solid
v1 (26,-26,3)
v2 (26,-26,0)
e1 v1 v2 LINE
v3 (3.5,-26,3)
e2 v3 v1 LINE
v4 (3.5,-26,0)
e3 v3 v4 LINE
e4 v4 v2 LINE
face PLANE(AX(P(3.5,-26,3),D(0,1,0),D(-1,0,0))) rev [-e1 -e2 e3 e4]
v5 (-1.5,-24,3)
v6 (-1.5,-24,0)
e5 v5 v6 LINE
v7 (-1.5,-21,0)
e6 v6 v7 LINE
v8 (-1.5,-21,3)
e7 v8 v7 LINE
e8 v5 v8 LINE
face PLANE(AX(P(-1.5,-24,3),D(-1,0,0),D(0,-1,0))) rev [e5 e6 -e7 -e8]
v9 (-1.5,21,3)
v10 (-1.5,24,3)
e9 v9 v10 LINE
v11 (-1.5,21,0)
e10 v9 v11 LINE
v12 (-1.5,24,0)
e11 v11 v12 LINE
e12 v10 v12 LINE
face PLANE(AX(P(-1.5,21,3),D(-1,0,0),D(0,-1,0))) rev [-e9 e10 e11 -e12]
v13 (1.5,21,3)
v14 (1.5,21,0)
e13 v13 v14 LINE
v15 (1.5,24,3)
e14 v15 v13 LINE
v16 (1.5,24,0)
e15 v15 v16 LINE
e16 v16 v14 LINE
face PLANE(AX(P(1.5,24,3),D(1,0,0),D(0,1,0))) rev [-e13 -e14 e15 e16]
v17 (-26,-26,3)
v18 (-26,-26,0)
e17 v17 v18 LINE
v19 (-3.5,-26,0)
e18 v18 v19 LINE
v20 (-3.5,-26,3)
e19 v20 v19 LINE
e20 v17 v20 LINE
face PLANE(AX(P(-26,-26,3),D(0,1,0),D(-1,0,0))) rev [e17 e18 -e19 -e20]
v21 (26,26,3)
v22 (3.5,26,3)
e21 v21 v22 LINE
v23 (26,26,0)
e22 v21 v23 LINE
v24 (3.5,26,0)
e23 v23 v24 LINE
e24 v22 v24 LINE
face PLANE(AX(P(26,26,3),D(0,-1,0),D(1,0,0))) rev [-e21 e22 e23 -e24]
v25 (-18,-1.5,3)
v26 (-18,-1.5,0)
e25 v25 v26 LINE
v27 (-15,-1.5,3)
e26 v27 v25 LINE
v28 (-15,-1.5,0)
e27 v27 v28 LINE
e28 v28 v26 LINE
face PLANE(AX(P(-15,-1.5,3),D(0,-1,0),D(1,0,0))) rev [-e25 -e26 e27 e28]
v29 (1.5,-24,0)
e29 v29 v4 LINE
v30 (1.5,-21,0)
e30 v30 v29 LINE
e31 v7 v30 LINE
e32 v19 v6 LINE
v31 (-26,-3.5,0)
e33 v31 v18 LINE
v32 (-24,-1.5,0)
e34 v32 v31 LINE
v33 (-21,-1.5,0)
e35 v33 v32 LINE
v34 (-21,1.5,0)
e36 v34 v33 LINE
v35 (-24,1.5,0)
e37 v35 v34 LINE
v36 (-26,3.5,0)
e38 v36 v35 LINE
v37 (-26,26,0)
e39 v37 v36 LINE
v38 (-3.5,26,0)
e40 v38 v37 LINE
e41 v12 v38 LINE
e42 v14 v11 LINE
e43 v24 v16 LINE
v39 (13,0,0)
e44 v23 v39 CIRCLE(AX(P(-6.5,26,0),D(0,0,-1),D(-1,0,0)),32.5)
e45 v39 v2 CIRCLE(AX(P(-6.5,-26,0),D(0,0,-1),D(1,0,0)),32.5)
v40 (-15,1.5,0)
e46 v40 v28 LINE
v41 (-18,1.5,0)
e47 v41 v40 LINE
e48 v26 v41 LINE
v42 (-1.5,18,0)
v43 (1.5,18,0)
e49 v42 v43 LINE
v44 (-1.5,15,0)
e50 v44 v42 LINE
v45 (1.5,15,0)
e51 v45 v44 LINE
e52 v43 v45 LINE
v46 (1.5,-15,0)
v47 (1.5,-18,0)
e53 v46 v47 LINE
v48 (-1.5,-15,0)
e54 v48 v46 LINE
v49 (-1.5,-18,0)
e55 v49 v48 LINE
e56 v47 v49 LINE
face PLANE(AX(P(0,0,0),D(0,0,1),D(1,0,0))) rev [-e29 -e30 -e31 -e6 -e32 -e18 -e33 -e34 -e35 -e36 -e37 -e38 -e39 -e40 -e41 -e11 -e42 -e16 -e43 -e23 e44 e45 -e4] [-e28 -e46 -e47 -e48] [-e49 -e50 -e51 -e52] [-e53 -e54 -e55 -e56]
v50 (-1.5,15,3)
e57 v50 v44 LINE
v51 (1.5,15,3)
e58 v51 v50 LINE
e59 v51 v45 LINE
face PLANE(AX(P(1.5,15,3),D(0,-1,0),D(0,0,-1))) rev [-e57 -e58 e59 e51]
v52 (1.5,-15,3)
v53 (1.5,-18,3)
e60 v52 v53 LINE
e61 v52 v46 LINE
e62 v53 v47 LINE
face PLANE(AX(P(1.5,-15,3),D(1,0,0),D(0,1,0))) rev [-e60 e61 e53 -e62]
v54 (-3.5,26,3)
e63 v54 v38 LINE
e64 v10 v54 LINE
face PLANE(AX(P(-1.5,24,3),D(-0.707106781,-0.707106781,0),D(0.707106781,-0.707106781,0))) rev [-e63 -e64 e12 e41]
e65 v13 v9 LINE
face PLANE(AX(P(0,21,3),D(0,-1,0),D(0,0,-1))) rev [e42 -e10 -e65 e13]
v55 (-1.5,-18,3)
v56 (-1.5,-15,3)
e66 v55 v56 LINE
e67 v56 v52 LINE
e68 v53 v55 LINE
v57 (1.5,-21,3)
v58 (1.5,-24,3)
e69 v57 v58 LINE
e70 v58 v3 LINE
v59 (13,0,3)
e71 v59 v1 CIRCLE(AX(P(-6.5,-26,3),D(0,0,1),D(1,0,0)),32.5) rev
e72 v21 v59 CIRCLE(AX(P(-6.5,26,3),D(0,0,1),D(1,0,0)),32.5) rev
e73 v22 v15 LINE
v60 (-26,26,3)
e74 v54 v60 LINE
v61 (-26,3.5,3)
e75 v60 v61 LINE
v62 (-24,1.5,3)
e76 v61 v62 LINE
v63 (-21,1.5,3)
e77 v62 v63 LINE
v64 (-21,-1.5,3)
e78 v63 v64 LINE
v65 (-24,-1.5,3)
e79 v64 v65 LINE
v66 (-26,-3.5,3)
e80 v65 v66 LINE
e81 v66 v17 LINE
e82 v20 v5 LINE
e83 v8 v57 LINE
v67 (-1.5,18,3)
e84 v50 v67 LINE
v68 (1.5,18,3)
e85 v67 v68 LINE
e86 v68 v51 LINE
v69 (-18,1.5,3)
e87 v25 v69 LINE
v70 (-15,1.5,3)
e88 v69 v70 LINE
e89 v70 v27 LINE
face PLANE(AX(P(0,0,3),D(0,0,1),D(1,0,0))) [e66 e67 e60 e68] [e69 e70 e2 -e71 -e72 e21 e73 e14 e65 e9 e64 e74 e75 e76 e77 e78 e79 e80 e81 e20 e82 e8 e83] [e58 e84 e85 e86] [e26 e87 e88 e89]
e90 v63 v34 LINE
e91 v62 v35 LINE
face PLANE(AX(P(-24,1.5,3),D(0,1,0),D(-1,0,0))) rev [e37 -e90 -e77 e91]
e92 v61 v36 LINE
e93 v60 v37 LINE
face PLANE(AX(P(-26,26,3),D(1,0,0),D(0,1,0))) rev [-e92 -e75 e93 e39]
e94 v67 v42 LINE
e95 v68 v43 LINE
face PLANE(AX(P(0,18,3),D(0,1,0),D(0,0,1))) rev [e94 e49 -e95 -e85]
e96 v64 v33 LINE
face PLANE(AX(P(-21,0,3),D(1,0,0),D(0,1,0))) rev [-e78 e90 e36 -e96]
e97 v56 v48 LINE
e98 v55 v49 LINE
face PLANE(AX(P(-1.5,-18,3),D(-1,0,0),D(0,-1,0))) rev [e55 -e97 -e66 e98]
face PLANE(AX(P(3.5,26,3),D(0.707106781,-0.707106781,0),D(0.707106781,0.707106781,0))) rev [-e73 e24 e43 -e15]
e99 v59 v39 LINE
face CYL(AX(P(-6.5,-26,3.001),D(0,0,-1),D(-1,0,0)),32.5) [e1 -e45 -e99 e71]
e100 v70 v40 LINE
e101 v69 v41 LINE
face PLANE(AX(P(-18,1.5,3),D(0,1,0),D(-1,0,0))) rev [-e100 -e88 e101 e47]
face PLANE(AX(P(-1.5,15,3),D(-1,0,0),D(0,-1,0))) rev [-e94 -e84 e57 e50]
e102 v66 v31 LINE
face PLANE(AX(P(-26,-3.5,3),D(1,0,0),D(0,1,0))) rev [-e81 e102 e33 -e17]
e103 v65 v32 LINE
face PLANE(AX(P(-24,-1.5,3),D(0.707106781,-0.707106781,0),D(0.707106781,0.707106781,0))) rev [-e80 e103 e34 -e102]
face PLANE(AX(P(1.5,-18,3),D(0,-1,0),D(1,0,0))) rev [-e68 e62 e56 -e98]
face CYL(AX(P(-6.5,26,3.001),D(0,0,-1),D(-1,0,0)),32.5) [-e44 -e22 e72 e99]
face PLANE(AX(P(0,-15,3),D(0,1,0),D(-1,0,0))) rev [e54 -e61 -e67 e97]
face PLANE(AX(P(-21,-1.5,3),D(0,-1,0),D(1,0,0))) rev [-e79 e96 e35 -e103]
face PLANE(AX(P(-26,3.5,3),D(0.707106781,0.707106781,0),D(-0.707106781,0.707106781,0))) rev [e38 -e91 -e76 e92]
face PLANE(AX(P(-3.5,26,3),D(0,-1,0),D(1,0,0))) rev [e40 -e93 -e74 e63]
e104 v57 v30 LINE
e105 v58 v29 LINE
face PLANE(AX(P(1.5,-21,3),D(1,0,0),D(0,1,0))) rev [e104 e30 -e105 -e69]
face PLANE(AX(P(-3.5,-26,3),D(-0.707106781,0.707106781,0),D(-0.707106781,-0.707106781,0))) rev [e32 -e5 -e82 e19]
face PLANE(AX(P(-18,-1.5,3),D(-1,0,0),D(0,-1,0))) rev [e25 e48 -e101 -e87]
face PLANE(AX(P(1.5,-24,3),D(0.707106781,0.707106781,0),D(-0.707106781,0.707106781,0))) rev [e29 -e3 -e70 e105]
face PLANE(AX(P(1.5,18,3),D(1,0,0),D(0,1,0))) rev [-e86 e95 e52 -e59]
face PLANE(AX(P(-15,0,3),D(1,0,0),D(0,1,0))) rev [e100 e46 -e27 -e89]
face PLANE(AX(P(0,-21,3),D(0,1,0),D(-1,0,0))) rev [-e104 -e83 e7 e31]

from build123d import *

# Parameters (mm, degrees)
BOSS_EXTRUDE1_DEPTH = 3
CIRPATTERN1_COUNT   = 4
CUT_EXTRUDE1_REACH  = 5


with BuildPart() as part:
    # Sketch1 → Boss-Extrude1 (new body)
    with BuildSketch(Plane.XY):
        Polygon((3.5, 26), (1.5, 24), (1.5, 21), (0, 21), (0, 18), (1.5, 18), (1.5, 15), (0, 15), (0, 12), (0, 9), (0, 6), (0, 3), (0, 0), (3, 0), (6, 0), (9, 0), (12, 0), (15, 0), (15, 1.5), (18, 1.5), (18, 0), (21, 0), (21, 1.5), (24, 1.5), (26, 3.5), (26, 26), align=None)
    boss_extrude1 = extrude(amount=BOSS_EXTRUDE1_DEPTH)

    # CirPattern1: Boss-Extrude1 ×4 about axis
    cirpattern1_axis = Axis((0, 0, 0), (0, 0, 1))
    for i in range(1, CIRPATTERN1_COUNT):
        add(boss_extrude1.rotate(cirpattern1_axis, i * 360 / CIRPATTERN1_COUNT))

    # Sketch2 → Cut-Extrude1 (cut, up to next)
    with BuildSketch(Plane.XY, mode=Mode.PRIVATE) as cut_extrude1_sk1:
        with BuildLine():
            Line((26, 26), (36, 26))
            Line((36, 26), (36, -26))
            Line((36, -26), (26, -26))
            ThreePointArc((26, -26), (22.568883707, -11.465558146), (13, 0))
            ThreePointArc((13, 0), (22.568883707, 11.465558146), (26, 26))
        make_face()
    cut_extrude1_tool1 = extrude(cut_extrude1_sk1.sketch, amount=CUT_EXTRUDE1_REACH, mode=Mode.PRIVATE) & part.part
    add(cut_extrude1_tool1.solids().sort_by_distance((28.547836, 0, 0))[0], mode=Mode.SUBTRACT)


solid = part.part
